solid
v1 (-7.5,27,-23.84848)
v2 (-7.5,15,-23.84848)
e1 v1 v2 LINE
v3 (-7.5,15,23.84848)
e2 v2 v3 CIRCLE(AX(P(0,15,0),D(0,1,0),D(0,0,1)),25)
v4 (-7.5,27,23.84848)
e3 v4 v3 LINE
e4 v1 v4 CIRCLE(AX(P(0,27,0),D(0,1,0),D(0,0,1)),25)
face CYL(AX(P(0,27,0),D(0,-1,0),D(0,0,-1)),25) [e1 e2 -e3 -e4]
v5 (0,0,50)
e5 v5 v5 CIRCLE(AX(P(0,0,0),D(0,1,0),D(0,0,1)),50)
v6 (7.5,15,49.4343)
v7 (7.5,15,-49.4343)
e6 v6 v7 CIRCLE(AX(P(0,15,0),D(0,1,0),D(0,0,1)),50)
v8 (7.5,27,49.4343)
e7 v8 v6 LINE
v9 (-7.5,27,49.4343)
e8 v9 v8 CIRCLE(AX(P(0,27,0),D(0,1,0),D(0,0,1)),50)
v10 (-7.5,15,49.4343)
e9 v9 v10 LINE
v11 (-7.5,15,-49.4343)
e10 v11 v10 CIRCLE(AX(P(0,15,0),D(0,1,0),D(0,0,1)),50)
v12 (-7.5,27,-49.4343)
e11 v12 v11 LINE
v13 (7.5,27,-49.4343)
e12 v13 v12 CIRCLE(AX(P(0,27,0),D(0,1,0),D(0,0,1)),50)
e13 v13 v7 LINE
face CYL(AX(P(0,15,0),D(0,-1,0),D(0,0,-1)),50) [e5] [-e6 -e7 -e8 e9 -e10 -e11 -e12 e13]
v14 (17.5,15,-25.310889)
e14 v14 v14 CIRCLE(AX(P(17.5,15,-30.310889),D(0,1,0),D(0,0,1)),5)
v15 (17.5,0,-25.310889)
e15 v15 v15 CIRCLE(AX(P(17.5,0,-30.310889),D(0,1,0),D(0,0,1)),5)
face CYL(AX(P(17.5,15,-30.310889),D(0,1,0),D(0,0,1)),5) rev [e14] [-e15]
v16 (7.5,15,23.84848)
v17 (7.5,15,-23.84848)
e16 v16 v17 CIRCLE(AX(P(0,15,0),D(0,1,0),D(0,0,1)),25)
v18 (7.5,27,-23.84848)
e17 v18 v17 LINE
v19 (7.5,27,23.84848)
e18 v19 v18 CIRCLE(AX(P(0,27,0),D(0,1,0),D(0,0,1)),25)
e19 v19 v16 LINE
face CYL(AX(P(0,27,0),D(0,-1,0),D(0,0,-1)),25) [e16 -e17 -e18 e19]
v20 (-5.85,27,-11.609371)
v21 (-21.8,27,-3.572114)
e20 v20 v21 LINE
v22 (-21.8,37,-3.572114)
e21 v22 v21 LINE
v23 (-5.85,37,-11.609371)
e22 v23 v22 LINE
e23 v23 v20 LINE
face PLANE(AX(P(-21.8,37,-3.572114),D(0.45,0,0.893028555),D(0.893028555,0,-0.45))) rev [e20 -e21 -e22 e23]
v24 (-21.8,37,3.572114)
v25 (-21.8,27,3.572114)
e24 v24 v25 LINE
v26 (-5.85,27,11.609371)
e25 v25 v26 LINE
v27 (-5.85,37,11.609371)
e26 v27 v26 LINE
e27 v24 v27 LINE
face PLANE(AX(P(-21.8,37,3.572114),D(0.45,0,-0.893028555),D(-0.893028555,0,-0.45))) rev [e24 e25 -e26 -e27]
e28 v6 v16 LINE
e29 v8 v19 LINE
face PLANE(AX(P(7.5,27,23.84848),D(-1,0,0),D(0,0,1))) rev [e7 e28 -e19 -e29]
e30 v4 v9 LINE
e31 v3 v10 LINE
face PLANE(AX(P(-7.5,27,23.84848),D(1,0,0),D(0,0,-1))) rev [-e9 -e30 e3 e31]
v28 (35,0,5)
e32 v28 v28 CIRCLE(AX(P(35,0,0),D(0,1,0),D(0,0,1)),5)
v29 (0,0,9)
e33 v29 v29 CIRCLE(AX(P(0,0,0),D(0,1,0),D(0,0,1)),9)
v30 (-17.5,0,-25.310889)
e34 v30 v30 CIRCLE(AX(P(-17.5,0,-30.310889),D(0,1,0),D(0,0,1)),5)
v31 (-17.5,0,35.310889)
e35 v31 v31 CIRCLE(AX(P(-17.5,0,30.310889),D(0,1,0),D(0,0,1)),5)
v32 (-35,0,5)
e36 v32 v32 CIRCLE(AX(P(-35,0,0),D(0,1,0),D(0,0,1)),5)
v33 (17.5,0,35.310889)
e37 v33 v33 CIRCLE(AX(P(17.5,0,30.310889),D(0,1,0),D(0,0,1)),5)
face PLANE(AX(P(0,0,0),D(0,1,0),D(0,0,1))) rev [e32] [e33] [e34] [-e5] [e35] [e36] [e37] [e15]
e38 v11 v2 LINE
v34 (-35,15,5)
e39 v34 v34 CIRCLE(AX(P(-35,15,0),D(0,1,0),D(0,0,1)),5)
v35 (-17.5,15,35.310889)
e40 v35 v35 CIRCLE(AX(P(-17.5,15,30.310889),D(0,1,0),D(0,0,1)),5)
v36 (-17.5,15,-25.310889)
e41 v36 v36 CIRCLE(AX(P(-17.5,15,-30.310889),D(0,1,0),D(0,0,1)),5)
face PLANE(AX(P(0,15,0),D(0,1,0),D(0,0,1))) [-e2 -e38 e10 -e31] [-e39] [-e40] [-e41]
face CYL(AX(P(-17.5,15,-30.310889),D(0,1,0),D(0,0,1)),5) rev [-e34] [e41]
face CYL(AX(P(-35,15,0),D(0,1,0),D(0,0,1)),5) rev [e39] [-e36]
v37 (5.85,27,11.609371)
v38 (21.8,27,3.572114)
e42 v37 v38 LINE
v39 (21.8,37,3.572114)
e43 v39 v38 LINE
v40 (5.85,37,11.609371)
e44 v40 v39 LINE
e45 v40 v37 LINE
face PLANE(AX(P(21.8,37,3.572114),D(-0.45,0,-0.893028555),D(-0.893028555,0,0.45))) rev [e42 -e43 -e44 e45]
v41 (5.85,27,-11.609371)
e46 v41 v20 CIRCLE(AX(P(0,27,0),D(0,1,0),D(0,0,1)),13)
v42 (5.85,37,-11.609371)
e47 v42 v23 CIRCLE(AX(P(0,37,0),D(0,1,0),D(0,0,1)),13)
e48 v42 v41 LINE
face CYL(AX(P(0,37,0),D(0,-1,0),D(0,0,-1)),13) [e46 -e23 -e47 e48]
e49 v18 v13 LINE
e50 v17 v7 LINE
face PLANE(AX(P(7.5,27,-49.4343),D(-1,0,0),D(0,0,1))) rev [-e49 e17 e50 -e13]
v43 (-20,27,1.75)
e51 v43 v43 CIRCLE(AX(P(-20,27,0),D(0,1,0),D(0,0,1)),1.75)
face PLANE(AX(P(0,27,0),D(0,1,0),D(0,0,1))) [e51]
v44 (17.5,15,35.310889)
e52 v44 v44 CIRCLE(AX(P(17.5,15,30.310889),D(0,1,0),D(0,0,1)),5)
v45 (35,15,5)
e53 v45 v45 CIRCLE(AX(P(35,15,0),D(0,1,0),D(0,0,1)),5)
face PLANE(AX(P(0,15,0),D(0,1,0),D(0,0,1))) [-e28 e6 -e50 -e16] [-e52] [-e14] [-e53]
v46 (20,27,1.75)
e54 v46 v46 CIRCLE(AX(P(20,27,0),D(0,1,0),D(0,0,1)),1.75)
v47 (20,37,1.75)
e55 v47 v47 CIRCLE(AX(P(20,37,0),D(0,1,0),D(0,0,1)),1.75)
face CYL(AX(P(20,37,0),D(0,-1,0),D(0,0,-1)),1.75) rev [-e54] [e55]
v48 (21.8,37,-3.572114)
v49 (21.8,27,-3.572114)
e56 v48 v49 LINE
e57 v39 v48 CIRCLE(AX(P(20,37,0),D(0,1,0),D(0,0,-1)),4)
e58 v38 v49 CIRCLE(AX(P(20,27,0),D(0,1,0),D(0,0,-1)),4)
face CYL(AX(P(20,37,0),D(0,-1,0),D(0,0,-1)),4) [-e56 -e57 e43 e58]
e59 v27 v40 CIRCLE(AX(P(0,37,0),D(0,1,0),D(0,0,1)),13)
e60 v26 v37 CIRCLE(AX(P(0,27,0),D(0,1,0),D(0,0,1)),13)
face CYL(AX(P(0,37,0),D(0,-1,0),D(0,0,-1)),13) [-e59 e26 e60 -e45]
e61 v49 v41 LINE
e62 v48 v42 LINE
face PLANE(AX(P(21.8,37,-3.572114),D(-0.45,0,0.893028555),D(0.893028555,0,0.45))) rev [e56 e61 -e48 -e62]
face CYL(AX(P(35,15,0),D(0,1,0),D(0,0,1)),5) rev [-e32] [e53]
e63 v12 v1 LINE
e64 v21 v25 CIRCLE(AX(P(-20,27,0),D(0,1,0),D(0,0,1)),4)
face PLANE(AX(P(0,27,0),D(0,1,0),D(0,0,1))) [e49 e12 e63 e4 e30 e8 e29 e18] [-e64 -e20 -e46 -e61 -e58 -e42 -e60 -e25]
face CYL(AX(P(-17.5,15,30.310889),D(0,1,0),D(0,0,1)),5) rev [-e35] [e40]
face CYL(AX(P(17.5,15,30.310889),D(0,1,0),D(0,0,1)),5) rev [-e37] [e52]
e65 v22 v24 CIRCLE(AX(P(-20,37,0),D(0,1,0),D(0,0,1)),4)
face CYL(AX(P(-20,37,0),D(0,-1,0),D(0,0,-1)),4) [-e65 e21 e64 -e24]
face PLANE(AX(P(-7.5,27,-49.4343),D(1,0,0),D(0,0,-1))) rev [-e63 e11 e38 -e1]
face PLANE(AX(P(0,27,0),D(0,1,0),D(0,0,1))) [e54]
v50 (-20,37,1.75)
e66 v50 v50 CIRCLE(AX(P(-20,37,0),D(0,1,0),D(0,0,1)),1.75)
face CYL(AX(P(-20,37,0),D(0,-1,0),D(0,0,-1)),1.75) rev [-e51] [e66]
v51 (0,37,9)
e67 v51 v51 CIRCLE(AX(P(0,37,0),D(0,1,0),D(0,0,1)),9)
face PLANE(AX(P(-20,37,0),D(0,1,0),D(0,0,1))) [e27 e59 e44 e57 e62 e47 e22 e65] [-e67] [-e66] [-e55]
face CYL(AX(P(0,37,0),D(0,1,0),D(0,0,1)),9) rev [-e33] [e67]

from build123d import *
from build123d.topology import SkipClean

# Parameters (mm, degrees)
SKETCH1_R           = 50
BOSS_EXTRUDE1_DEPTH = 15
BOSS_EXTRUDE2_DEPTH = 12
SKETCH3_R           = 1.75
BOSS_EXTRUDE3_DEPTH = 10
HOLE1_D             = 18
HOLE2_D             = 10
CIRPATTERN1_COUNT   = 6


with BuildPart() as part:
    # Sketch1 → Boss-Extrude1 (new body)
    with BuildSketch(Plane(origin=(0, 0, 0), x_dir=(1, 0, 0), z_dir=(0, 1, 0))):
        with Locations(Location((0, 0, 0), (0, 0, 270))):
            Circle(SKETCH1_R)
    extrude(amount=BOSS_EXTRUDE1_DEPTH)

    # Sketch2 → Boss-Extrude2 (add)
    with SkipClean():  # the faces are left unmerged after this step: merging them gives an invalid solid
        with BuildSketch(Plane(origin=(0, 15, 0), x_dir=(1, 0, 0), z_dir=(0, 1, 0))):
            with BuildLine():
                Line((7.5, 49.434299833), (7.5, 23.848480035))
                ThreePointArc((7.5, 23.848480035), (25, 0), (7.5, -23.848480035))
                Line((7.5, -23.848480035), (7.5, -49.434299833))
                ThreePointArc((7.5, -49.434299833), (0, -50), (-7.5, -49.434299833))
                Line((-7.5, -49.434299833), (-7.5, -23.848480035))
                ThreePointArc((-7.5, -23.848480035), (-25, 0), (-7.5, 23.848480035))
                Line((-7.5, 23.848480035), (-7.5, 49.434299833))
                ThreePointArc((-7.5, 49.434299833), (0, 50), (7.5, 49.434299833))
            make_face()
        extrude(amount=BOSS_EXTRUDE2_DEPTH)

    # Sketch3 → Boss-Extrude3 (add)
    with SkipClean():  # the faces are left unmerged after this step: merging them gives an invalid solid
        with BuildSketch(Plane(origin=(0, 27, 0), x_dir=(1, 0, 0), z_dir=(0, 1, 0))):
            with BuildLine():
                Line((-21.8, 3.57211422), (-5.85, 11.609371215))
                ThreePointArc((-5.85, 11.609371215), (0, 13), (5.85, 11.609371215))
                Line((5.85, 11.609371215), (21.8, 3.57211422))
                ThreePointArc((21.8, 3.57211422), (24, 0), (21.8, -3.57211422))
                Line((21.8, -3.57211422), (5.85, -11.609371215))
                ThreePointArc((5.85, -11.609371215), (0, -13), (-5.85, -11.609371215))
                Line((-5.85, -11.609371215), (-21.8, -3.57211422))
                ThreePointArc((-21.8, -3.57211422), (-24, 0), (-21.8, 3.57211422))
            make_face()
            with Locations(Location((-20, 0, 0), (0, 0, 270))):
                Circle(SKETCH3_R, mode=Mode.SUBTRACT)
            with Locations(Location((20, 0, 0), (0, 0, 270))):
                Circle(SKETCH3_R, mode=Mode.SUBTRACT)
        extrude(amount=BOSS_EXTRUDE3_DEPTH)

    # Hole1 (through all)
    with Locations(Plane(origin=(0, 37, 0), x_dir=(1, 0, 0), z_dir=(0, 1, 0))):
        with Locations((0, 0)):
            Hole(HOLE1_D / 2)

    # Hole2 (through all)
    with Locations(Plane(origin=(0, 15, 0), x_dir=(1, 0, 0), z_dir=(0, 1, 0))):
        with Locations((35, 0)):
            hole2 = Hole(HOLE2_D / 2)

    # CirPattern1: Hole2 ×6 about axis
    with SkipClean():  # the faces are left unmerged after this step: merging them gives an invalid solid
        cirpattern1_axis = Axis((0, 0, 0), (0, 1, 0))
        for i in range(1, CIRPATTERN1_COUNT):
            add(hole2.rotate(cirpattern1_axis, i * 360 / CIRPATTERN1_COUNT), mode=Mode.SUBTRACT)


solid = part.part
